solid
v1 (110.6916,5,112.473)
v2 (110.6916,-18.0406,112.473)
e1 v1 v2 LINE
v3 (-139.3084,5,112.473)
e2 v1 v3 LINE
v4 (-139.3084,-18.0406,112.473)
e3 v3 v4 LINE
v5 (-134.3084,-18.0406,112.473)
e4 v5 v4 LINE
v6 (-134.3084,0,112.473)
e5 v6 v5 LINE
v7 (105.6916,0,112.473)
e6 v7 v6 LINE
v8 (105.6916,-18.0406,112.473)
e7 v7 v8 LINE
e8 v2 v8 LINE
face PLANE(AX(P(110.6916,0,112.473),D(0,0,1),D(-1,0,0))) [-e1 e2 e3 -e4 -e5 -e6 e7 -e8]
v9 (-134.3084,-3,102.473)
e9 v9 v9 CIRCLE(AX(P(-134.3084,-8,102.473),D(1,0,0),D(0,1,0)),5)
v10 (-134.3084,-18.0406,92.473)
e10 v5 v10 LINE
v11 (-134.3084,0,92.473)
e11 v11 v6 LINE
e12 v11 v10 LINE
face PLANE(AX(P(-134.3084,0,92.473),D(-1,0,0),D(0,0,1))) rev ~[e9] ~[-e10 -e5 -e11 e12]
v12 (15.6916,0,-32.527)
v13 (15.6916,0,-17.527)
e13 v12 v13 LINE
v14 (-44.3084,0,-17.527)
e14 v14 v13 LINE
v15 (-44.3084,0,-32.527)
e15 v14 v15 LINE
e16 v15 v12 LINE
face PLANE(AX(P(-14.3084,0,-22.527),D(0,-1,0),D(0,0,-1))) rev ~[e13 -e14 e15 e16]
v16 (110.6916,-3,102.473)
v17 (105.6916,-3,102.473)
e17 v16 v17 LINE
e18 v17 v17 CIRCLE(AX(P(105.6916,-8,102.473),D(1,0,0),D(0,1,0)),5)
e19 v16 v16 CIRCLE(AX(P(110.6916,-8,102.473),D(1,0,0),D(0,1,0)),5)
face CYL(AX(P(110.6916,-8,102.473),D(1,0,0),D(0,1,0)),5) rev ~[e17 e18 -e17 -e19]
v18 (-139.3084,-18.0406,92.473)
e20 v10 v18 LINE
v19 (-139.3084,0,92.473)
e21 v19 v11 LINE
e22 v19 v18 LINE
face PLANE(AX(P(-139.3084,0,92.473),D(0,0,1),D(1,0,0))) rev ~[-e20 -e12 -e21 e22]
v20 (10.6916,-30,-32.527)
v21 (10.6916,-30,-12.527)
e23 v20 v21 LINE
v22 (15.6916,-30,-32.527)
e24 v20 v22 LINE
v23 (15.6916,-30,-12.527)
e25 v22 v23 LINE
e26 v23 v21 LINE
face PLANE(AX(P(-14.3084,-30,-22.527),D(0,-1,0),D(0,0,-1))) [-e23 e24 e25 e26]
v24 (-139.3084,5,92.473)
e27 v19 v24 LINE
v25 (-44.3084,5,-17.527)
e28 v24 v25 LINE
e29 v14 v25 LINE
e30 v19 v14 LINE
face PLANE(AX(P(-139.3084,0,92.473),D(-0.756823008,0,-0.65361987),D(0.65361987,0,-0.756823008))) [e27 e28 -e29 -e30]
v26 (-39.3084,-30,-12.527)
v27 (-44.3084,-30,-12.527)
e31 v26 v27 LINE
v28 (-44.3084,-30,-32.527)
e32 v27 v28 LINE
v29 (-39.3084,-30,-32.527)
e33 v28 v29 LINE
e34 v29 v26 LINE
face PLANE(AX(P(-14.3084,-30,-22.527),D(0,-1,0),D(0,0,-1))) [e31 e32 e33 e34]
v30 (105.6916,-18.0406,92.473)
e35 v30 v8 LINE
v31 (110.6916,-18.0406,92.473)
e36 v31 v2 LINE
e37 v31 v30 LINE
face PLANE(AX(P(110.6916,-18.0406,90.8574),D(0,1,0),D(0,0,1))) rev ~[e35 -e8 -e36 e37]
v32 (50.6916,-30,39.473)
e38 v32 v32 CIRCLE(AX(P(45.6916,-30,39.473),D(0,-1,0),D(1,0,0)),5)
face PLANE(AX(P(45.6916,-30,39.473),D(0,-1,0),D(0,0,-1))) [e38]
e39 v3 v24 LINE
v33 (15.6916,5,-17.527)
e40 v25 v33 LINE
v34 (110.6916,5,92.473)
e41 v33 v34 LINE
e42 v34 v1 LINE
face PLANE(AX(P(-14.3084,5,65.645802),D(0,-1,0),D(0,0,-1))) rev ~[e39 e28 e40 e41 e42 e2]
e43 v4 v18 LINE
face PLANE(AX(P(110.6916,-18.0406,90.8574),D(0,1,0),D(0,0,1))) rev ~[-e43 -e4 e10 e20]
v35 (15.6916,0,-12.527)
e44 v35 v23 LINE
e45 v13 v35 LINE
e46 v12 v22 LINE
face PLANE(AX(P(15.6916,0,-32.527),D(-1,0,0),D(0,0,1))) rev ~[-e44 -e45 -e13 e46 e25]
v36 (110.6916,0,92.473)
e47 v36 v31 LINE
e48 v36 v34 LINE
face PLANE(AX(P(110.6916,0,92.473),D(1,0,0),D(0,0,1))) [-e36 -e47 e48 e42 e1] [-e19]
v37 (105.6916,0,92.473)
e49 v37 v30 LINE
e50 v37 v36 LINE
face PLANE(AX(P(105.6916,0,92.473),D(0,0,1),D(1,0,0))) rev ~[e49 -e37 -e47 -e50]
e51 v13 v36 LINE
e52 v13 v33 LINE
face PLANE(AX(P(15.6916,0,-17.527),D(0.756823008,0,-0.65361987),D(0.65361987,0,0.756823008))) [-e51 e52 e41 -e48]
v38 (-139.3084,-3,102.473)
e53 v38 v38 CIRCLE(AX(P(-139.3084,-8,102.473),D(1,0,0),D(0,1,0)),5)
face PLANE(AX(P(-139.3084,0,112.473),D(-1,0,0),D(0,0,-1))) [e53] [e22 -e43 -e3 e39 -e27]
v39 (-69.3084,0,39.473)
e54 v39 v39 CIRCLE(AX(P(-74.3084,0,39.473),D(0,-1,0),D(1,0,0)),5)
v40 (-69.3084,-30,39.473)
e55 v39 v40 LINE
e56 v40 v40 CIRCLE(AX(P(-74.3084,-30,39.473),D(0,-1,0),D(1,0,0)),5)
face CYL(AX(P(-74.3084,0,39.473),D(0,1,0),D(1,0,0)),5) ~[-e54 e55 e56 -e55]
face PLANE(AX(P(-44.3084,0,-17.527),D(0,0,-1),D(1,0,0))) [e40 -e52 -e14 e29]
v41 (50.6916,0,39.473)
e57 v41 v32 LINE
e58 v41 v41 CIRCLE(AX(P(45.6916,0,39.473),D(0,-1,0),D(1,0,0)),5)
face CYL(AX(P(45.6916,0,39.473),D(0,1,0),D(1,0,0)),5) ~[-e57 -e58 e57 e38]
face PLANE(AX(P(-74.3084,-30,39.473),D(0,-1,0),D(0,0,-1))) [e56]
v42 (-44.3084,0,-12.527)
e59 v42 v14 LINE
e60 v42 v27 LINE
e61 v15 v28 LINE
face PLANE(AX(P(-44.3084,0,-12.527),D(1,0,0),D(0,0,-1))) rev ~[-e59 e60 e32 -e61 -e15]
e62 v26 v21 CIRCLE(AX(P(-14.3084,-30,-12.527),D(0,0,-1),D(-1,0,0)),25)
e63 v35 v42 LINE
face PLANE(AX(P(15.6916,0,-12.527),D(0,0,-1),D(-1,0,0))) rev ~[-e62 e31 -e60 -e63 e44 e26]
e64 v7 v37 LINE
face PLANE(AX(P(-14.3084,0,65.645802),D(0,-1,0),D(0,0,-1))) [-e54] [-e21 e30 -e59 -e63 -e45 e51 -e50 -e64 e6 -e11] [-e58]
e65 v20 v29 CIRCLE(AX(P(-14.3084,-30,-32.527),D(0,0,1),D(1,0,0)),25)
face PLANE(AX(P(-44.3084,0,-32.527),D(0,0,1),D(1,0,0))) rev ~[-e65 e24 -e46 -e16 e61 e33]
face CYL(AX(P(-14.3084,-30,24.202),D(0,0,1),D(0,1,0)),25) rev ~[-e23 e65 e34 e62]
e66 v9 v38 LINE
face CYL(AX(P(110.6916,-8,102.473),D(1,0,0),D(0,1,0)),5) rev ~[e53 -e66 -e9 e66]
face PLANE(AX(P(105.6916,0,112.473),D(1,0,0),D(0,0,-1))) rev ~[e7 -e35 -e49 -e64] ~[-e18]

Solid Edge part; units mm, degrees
sketch "Sketch1" plane through (0, 0, 0) normal (0, -1, 0) x (1, 0, 0)
  line L0 (110.6916, 92.473) -> (110.6916, 112.473)
  line L1 (110.6916, 112.473) -> (-139.3084, 112.473)
  line L2 (-139.3084, 112.473) -> (-139.3084, 92.473)
  line L3 (-139.3084, 92.473) -> (-44.3084, -17.527)
  line L4 (-44.3084, -17.527) -> (15.6916, -17.527)
  line L5 (15.6916, -17.527) -> (110.6916, 92.473)
  dimension "D1" = 20
  dimension "D2" = 250
  dimension "D3" = 60
  dimension "D4" = 130
  dimension "D5" = 20
extrude "ExtrudedProtrusion_1" add sketch "Sketch1" against normal blind 5
sketch "Sketch2" plane through (10.6916, 0, 44.973) normal (0, -1, 0) x (1, 0, 0)
  line L0 (95, 47.5) -> (100, 47.5)
  line L1 (100, 47.5) -> (100, 67.5)
  line L2 (100, 67.5) -> (95, 67.5)
  line L3 (95, 67.5) -> (95, 47.5)
  line L4 (-55, -77.5) -> (5, -77.5)
  line L5 (5, -77.5) -> (5, -57.5)
  line L6 (5, -57.5) -> (-55, -57.5)
  line L7 (-55, -57.5) -> (-55, -77.5)
  circle A0 centre (-85, -5.5) radius 5
  circle A1 centre (35, -5.5) radius 5
  line L8 (-150, 47.5) -> (-145, 47.5)
  line L9 (-145, 47.5) -> (-145, 67.5)
  line L10 (-145, 67.5) -> (-150, 67.5)
  line L11 (-150, 67.5) -> (-150, 47.5)
  dimension "D1" = 20
  dimension "D2" = 5
  dimension "D3" = 5
  dimension "D4" = 20
  dimension "D5" = 5
  dimension "D6" = 20
  dimension "D7" = 60
  dimension "D8" = 15
  dimension "D9" = 10
  dimension "D10" = 10
  dimension "D11" = 60
  dimension "D12" = 60
  dimension "D13" = 52
extrude "Protrusion1" add sketch "Sketch2" along normal blind 30
sketch "Sketch3" plane through (-14.3084, -50, 24.202) normal (0, 0, 1) x (0, 1, 0)
  circle A0 centre (20, 0) radius 25
  dimension "D1" = 50
extrude "Cutout1" cut sketch "Sketch3" against normal through all
sketch "Sketch4" plane through (110.6916, -12.5, 102.473) normal (1, 0, 0) x (0, 1, 0)
  line L0 (-19.8844, -11.6156) -> (-5.5406, -11.6156)
  line L1 (-5.5406, -11.6156) -> (-5.5406, 11.1656)
  line L2 (-5.5406, 11.1656) -> (-19.8844, 11.1656)
  line L3 (-19.8844, 11.1656) -> (-19.8844, -11.6156)
  circle A0 centre (4.5, 0) radius 5
  dimension "D1" = 13
extrude "ExtrudedCutout_3" cut sketch "Sketch4" against normal blind 287.5314
